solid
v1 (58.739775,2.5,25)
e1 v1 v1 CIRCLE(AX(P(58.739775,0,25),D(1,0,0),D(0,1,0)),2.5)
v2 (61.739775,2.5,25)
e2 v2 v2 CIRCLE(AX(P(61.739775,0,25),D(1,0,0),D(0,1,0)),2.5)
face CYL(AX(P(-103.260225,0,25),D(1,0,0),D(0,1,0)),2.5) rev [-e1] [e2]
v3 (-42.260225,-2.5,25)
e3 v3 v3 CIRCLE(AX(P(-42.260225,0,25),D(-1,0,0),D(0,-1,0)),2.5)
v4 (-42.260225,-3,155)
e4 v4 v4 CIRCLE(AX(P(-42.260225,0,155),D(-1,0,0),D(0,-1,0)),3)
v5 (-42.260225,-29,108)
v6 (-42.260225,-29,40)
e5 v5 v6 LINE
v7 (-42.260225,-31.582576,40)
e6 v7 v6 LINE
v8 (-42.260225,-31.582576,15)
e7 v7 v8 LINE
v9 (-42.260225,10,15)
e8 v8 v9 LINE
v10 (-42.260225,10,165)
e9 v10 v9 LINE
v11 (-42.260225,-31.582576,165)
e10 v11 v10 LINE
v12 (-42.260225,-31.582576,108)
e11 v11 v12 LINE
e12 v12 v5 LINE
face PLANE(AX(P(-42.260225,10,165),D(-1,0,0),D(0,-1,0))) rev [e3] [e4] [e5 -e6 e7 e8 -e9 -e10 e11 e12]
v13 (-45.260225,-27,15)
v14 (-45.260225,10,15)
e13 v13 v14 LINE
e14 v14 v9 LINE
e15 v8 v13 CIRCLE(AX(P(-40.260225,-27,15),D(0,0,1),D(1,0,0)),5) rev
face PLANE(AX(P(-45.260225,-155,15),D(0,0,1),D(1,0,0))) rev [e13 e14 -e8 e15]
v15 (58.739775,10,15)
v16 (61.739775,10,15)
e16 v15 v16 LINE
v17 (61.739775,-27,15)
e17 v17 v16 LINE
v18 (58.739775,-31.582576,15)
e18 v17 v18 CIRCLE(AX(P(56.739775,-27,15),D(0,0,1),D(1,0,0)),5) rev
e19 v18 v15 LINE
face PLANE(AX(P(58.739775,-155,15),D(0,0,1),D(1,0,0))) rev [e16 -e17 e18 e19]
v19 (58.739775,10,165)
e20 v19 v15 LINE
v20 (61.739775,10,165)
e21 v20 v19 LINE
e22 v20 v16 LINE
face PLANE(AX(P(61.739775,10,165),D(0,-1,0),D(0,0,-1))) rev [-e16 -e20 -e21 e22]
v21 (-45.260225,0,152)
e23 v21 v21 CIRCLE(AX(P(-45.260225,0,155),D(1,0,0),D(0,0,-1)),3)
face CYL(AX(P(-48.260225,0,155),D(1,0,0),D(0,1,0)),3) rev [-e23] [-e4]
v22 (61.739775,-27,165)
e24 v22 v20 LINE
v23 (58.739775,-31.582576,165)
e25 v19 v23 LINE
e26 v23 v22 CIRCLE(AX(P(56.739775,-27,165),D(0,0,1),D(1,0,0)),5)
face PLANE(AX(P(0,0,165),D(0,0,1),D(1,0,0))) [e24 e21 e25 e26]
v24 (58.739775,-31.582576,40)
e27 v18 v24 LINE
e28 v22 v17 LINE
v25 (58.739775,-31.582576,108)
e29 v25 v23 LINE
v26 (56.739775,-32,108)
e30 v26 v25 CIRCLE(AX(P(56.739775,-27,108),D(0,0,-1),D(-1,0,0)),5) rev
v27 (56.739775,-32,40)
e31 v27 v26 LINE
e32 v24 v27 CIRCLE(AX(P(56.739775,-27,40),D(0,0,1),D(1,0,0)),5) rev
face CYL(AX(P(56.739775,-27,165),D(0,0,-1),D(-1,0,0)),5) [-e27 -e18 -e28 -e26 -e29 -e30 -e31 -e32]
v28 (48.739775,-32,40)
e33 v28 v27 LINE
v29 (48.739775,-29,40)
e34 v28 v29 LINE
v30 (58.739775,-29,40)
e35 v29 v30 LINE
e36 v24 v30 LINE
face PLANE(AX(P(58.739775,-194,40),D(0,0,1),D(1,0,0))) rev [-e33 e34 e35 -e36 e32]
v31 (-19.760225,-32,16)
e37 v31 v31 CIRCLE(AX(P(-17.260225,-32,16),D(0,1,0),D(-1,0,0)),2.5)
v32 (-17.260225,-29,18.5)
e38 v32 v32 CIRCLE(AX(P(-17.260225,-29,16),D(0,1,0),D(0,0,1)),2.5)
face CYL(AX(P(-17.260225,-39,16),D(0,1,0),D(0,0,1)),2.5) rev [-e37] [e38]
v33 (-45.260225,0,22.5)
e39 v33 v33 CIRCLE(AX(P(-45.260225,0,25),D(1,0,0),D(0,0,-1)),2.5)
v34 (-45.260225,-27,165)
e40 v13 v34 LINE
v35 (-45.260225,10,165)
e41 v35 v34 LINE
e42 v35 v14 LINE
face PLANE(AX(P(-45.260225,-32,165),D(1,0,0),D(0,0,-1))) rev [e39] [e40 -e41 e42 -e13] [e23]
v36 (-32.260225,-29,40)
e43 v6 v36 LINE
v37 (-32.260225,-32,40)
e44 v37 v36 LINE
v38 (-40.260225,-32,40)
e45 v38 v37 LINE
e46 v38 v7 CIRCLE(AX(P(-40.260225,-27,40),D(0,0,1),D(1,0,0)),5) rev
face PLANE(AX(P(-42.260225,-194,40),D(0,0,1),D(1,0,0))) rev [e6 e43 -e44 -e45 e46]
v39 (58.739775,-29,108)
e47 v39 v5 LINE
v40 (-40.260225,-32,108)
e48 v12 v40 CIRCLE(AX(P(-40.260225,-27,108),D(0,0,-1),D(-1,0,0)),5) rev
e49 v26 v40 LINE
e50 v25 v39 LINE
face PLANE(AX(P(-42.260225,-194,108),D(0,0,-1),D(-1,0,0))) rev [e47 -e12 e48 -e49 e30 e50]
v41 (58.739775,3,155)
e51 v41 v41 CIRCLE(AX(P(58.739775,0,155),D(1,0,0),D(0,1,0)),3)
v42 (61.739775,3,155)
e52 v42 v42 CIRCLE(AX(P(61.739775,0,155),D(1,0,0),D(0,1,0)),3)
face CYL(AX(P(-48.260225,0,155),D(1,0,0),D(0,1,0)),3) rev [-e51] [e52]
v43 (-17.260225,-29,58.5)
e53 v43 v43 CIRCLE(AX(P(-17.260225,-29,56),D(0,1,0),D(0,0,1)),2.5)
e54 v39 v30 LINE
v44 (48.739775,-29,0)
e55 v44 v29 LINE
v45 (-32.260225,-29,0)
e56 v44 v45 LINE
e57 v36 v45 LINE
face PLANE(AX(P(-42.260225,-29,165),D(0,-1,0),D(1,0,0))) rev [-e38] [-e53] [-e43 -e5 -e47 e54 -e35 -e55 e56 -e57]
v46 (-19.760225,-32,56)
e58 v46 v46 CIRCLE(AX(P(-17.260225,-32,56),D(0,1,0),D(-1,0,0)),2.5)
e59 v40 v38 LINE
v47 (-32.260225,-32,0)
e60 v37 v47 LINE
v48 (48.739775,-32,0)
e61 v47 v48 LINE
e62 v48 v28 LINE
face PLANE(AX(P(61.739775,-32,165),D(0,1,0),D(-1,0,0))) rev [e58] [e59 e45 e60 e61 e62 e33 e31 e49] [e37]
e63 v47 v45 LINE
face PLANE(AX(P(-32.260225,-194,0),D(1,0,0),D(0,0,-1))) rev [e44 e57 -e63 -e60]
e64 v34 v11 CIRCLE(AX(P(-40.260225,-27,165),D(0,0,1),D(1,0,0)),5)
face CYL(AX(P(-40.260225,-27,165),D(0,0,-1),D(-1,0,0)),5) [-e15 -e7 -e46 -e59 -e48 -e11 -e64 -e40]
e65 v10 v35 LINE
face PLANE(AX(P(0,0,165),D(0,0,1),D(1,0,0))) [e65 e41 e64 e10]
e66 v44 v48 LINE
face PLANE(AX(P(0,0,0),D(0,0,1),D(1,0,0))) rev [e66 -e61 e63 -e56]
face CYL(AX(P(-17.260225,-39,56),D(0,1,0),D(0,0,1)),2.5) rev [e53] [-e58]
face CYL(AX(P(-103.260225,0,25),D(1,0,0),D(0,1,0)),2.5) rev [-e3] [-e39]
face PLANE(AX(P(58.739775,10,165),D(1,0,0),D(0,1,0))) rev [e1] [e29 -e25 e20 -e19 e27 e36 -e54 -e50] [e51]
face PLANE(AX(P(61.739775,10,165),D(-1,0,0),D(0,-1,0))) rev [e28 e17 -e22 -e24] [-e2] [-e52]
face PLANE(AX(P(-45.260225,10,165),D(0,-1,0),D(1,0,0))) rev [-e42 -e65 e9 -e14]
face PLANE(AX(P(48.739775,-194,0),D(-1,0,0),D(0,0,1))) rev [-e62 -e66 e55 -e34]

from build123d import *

# Parameters (mm, degrees)
SALIENTE_EXTRUIR1_DEPTH = 165
CROQUIS3_W              = 10
CROQUIS3_H              = 40
CORTAR_EXTRUIR1_DEPTH   = 165
CROQUIS4_W              = 3
CROQUIS4_H              = 15
CORTAR_EXTRUIR2_DEPTH   = 165
CROQUIS5_W              = 101
CROQUIS5_H              = 57
CORTAR_EXTRUIR3_DEPTH   = 165
CROQUIS6_R              = 2.5
CORTAR_EXTRUIR4_DEPTH   = 165
REDONDEO1_R             = 5
CROQUIS7_R              = 3
CORTAR_EXTRUIR5_DEPTH   = 110
CROQUIS8_R              = 2.5
CORTAR_EXTRUIR6_DEPTH   = 10


with BuildPart() as part:
    # Croquis2 → Saliente-Extruir1 (new body)
    with BuildSketch(Plane.XY):
        Polygon((61.739775044, 10), (61.739775044, -32), (-45.260224956, -32), (-45.260224956, 10), (-42.260224956, 10), (-42.260224956, -29), (58.739775044, -29), (58.739775044, 10), align=None)
    extrude(amount=SALIENTE_EXTRUIR1_DEPTH)

    # Croquis3 → Cortar-Extruir1 (cut)
    with BuildSketch(Plane(origin=(0, -29, 0), x_dir=(1, 0, 0), z_dir=(0, 1, 0))):
        with Locations((-37.260224956, -20)):
            Rectangle(CROQUIS3_W, CROQUIS3_H)
        with Locations((53.739775044, -20)):
            Rectangle(CROQUIS3_W, CROQUIS3_H)
    extrude(amount=-CORTAR_EXTRUIR1_DEPTH, mode=Mode.SUBTRACT)

    # Croquis4 → Cortar-Extruir2 (cut)
    with BuildSketch(Plane(origin=(0, 10, 0), x_dir=(1, 0, 0), z_dir=(0, 1, 0))):
        with Locations((-43.760224956, -7.5)):
            Rectangle(CROQUIS4_W, CROQUIS4_H)
        with Locations((60.239775044, -7.5)):
            Rectangle(CROQUIS4_W, CROQUIS4_H)
    extrude(amount=-CORTAR_EXTRUIR2_DEPTH, mode=Mode.SUBTRACT)

    # Croquis5 → Cortar-Extruir3 (cut)
    with BuildSketch(Plane(origin=(0, -29, 0), x_dir=(1, 0, 0), z_dir=(0, 1, 0))):
        with Locations((8.239775044, -136.5)):
            Rectangle(CROQUIS5_W, CROQUIS5_H)
    extrude(amount=-CORTAR_EXTRUIR3_DEPTH, mode=Mode.SUBTRACT)

    # Croquis6 → Cortar-Extruir4 (cut)
    with BuildSketch(Plane(origin=(61.739775044, 0, 0), x_dir=(0, 0, -1), z_dir=(1, 0, 0))):
        with Locations((-25, 0)):
            Circle(CROQUIS6_R)
        with Locations((-155, 0)):
            Circle(CROQUIS6_R)
    extrude(amount=-CORTAR_EXTRUIR4_DEPTH, mode=Mode.SUBTRACT)

    # Redondeo1
    redondeo1_edges = [part.edges().sort_by_distance(p)[0] for p in [
        (61.739775044, -32, 90),
        (-45.260224956, -32, 90),
    ]]
    fillet(redondeo1_edges, radius=REDONDEO1_R)

    # Croquis7 → Cortar-Extruir5 (cut)
    with BuildSketch(Plane(origin=(61.739775044, 0, 0), x_dir=(0, 0, -1), z_dir=(1, 0, 0))):
        with Locations((-155, 0)):
            Circle(CROQUIS7_R)
    extrude(amount=-CORTAR_EXTRUIR5_DEPTH, mode=Mode.SUBTRACT)

    # Croquis8 → Cortar-Extruir6 (cut)
    with BuildSketch(Plane(origin=(0, -29, 0), x_dir=(1, 0, 0), z_dir=(0, 1, 0))):
        with Locations((-17.260224956, -16)):
            Circle(CROQUIS8_R)
        with Locations((-17.260224956, -56)):
            Circle(CROQUIS8_R)
    extrude(amount=-CORTAR_EXTRUIR6_DEPTH, mode=Mode.SUBTRACT)


solid = part.part
